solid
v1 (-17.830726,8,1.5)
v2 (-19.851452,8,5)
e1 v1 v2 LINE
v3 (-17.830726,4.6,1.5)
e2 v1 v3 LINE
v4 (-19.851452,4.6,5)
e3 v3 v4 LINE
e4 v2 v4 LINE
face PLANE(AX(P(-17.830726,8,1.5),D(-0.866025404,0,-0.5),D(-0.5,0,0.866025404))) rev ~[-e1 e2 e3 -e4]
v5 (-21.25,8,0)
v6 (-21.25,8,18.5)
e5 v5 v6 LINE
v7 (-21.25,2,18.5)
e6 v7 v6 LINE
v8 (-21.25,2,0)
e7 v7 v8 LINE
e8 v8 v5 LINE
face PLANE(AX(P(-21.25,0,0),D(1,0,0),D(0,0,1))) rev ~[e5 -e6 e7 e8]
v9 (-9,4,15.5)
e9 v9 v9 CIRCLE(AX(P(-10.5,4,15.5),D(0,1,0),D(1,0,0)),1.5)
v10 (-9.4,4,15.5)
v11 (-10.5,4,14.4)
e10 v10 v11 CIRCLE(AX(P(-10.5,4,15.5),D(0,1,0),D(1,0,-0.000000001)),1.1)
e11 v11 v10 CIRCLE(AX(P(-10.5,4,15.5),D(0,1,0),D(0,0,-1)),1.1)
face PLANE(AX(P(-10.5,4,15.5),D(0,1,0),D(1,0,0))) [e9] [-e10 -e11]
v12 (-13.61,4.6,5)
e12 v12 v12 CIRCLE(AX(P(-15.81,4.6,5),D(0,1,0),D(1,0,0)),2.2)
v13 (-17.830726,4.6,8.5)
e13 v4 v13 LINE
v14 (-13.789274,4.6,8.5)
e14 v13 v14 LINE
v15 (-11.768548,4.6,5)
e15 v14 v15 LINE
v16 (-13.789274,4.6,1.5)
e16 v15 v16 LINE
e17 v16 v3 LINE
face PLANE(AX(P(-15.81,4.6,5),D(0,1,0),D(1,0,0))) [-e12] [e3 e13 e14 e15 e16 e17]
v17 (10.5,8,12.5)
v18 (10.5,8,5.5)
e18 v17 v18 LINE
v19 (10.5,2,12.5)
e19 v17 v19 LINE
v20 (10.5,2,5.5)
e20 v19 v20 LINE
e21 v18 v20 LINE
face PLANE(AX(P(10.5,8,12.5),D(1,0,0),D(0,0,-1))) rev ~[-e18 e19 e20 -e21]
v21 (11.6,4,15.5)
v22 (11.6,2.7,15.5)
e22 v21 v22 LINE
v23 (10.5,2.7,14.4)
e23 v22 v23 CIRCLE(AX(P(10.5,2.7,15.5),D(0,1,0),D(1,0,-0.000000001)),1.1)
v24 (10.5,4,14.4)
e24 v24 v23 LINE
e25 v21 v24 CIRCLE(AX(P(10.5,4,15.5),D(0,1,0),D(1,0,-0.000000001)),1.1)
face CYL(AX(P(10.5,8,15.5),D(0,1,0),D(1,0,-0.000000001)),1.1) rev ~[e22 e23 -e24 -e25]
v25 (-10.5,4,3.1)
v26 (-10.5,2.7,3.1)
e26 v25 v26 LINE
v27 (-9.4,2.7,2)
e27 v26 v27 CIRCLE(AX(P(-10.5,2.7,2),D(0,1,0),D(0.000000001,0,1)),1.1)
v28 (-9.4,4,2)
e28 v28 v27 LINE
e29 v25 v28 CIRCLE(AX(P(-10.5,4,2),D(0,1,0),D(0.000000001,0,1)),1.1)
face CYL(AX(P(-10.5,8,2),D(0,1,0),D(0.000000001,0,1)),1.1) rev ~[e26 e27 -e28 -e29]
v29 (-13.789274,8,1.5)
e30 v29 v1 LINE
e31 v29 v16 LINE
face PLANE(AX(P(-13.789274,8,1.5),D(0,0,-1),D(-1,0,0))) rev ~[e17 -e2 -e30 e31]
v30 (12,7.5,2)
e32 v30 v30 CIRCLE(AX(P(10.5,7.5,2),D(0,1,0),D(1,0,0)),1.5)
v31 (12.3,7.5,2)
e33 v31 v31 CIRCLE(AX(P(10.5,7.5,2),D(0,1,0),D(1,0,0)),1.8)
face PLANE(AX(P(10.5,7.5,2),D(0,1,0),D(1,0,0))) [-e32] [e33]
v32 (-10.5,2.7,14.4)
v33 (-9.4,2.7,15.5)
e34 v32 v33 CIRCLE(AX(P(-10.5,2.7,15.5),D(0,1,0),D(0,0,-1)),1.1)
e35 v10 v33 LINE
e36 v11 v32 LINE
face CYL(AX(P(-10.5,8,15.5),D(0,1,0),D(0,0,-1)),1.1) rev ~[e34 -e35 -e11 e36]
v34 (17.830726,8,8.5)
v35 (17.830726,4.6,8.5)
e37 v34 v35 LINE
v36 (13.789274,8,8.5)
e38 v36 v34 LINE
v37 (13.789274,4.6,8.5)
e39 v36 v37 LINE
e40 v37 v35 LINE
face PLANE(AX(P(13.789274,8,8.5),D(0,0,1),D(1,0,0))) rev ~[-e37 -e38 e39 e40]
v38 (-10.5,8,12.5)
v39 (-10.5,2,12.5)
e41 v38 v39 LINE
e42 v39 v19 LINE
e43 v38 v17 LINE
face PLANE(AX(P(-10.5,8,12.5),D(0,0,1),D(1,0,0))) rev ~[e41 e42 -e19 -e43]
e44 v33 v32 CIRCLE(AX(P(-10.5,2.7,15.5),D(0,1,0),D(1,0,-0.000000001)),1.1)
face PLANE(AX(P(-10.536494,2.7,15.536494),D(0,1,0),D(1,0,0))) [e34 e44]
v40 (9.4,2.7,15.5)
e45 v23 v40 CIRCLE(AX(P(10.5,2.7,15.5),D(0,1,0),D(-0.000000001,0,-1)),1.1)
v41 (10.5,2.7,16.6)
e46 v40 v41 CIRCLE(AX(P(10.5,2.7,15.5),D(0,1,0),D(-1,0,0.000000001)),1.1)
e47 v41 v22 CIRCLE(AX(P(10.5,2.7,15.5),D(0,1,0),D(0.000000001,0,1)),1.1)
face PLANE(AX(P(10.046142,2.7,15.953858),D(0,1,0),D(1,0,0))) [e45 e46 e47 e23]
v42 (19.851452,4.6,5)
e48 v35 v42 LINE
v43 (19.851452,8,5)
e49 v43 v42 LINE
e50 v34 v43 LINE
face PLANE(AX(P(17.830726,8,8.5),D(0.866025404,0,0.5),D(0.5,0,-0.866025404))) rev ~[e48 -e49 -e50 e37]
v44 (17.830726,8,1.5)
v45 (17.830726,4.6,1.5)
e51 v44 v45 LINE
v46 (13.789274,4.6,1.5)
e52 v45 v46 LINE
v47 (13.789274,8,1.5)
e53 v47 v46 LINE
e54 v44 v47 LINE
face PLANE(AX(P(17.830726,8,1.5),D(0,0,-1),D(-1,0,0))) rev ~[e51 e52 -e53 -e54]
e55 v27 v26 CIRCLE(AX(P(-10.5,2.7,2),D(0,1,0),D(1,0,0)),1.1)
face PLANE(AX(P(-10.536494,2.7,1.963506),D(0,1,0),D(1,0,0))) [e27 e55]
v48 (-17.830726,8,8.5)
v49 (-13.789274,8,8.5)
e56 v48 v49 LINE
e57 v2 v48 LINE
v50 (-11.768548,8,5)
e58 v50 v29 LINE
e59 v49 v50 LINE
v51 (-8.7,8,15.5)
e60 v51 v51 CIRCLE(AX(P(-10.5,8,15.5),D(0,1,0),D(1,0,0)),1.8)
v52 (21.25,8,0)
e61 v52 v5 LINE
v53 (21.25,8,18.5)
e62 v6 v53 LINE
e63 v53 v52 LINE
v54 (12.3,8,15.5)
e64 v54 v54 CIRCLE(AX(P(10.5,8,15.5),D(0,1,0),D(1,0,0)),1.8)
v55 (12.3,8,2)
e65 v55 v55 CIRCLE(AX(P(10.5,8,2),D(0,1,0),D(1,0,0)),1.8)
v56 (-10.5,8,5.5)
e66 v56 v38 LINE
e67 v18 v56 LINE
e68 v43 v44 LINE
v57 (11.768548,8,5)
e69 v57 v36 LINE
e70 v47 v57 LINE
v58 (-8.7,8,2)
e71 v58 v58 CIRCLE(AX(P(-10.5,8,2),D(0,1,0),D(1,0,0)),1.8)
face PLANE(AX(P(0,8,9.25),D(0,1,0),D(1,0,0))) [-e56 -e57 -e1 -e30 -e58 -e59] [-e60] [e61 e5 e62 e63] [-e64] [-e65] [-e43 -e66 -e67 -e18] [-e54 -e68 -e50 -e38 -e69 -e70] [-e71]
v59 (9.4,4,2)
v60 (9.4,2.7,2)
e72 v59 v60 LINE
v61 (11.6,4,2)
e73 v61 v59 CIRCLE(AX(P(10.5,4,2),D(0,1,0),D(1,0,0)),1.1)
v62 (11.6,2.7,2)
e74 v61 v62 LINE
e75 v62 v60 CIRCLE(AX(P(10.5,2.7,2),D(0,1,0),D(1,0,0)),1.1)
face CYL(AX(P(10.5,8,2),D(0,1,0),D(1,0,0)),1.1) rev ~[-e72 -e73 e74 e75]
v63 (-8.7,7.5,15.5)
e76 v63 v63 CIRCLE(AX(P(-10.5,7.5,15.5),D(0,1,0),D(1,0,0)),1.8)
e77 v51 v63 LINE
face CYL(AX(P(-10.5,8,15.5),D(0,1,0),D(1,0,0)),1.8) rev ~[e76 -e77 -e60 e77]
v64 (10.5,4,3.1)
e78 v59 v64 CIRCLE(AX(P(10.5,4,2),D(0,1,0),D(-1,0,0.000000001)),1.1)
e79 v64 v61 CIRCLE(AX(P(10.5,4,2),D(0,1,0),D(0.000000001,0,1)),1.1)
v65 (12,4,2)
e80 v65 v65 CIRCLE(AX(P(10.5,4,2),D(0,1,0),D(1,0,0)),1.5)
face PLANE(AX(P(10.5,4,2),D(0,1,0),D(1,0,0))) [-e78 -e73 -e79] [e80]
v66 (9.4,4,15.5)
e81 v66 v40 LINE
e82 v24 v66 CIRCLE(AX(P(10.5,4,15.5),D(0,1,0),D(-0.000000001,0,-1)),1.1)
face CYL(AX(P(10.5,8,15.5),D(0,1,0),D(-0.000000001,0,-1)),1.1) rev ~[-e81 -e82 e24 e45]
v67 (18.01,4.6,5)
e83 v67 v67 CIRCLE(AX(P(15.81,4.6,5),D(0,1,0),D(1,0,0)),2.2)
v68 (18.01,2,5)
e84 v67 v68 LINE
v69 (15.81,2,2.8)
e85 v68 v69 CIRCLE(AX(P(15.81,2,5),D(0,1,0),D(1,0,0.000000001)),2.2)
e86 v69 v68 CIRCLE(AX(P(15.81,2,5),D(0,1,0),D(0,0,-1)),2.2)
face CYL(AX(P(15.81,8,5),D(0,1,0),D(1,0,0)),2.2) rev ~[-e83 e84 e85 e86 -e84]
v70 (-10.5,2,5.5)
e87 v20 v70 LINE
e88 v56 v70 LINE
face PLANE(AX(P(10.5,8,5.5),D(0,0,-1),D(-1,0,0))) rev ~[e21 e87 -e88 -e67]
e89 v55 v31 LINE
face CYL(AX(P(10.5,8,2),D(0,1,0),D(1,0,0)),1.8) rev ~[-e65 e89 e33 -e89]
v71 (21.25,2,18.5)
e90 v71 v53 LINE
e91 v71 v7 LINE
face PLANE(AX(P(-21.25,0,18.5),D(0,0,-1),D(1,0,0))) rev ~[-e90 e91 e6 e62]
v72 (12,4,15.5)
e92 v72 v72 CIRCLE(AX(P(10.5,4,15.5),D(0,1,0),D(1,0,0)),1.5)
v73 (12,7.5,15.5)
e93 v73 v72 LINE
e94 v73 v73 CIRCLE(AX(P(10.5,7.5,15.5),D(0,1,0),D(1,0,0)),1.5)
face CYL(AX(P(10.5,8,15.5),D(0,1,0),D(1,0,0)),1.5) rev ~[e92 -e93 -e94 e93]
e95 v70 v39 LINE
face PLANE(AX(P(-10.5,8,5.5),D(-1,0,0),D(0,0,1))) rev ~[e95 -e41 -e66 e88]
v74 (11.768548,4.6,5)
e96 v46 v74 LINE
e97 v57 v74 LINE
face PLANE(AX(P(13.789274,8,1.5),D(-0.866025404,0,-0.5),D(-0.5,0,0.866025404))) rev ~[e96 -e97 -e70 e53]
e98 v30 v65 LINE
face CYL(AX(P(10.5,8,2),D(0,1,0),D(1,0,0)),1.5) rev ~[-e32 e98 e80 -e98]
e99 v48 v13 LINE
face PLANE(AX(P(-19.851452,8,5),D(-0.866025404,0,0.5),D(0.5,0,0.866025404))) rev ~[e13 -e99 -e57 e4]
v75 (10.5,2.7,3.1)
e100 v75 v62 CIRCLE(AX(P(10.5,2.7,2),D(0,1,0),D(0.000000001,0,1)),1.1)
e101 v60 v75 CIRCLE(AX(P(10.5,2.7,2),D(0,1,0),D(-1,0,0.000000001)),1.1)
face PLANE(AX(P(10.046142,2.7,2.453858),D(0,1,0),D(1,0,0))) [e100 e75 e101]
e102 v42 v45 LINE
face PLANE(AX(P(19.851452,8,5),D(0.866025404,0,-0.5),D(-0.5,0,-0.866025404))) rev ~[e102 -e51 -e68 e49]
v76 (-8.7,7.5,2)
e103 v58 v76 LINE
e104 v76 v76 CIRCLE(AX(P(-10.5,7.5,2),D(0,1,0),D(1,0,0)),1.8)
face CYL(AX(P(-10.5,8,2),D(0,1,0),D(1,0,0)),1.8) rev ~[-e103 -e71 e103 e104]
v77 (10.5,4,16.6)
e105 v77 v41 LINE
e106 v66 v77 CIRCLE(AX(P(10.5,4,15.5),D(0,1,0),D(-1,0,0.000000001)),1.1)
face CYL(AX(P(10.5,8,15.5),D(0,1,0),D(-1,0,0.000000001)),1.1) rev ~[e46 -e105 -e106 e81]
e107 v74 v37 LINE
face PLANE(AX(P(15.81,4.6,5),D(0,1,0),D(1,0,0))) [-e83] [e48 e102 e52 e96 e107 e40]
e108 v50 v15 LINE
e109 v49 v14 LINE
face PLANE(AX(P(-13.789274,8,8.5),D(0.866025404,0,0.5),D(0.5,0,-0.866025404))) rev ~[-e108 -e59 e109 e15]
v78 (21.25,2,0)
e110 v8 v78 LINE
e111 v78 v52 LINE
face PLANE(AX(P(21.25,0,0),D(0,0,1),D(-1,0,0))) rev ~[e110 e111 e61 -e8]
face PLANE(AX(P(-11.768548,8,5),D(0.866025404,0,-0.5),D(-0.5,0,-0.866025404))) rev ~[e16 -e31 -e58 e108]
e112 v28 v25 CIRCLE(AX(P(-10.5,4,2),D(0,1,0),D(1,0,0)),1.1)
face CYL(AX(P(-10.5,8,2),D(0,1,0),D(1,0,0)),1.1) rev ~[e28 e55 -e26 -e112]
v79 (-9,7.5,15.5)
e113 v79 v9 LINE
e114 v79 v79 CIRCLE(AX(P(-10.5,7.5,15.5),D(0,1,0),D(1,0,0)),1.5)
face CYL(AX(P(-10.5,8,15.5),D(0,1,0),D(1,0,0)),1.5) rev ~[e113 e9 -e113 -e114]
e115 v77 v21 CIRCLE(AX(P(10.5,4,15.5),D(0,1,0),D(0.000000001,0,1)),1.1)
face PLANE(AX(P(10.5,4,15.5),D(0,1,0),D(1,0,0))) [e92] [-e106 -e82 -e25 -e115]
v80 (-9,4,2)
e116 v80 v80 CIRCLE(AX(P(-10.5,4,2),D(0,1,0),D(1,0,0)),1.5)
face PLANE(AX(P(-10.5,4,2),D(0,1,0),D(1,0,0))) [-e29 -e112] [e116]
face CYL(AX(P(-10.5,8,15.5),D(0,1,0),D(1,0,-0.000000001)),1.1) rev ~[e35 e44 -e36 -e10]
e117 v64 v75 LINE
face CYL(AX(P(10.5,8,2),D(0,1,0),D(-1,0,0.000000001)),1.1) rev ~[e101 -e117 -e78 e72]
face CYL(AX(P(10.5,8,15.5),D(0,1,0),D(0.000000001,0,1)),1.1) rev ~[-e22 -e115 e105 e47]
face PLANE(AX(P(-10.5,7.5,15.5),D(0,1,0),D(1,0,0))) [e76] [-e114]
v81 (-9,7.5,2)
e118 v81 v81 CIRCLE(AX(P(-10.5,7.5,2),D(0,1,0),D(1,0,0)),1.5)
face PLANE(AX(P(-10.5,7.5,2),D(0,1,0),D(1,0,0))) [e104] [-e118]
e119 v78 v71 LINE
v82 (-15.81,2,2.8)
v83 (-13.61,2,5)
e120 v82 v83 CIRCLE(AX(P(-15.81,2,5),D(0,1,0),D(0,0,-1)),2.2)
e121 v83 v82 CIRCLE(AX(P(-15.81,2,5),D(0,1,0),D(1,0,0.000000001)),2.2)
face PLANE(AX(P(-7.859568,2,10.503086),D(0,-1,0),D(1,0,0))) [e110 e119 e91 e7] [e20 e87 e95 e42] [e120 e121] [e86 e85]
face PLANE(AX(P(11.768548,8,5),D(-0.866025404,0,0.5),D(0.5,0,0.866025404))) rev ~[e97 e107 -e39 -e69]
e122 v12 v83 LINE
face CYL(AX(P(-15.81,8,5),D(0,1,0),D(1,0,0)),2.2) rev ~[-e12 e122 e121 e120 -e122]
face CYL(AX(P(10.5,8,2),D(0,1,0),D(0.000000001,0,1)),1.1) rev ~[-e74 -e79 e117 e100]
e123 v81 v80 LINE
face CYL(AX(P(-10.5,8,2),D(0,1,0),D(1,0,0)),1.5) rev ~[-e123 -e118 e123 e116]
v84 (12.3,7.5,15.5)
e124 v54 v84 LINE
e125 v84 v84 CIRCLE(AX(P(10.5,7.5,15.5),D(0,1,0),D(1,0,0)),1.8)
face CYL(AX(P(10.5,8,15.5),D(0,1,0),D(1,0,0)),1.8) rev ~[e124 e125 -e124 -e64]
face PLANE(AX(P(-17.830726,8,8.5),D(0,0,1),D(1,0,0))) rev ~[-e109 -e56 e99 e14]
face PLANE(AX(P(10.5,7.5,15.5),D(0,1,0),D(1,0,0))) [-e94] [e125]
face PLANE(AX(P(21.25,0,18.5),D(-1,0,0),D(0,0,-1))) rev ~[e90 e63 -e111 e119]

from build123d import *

# Parameters (mm, degrees)
BOSS_EXTRUDE1_DEPTH = 8
SKETCH2_R           = 2.2
CUT_EXTRUDE1_DEPTH  = 20
CUT_EXTRUDE2_DEPTH  = 5.3
SKETCH4_R           = 1.5
CUT_EXTRUDE3_DEPTH  = 4
SKETCH5_R           = 1.8
CUT_EXTRUDE4_DEPTH  = 0.5
CUT_EXTRUDE5_DEPTH  = 3.4
CUT_EXTRUDE6_DEPTH  = 18.4
SKETCH9_W           = 21
SKETCH9_H           = 3
CUT_EXTRUDE8_DEPTH  = 2


with BuildPart() as part:
    # Sketch1 → Boss-Extrude1 (new body)
    with BuildSketch(Plane(origin=(0, 0, 0), x_dir=(1, 0, 0), z_dir=(0, 1, 0))):
        Polygon((-21.25, -18.5), (21.25, -18.5), (21.25, 0), (15.81, 0), (-15.81, 0), (-21.25, 0), align=None)
    extrude(amount=BOSS_EXTRUDE1_DEPTH)

    # Sketch2 → Cut-Extrude1 (cut)
    with BuildSketch(Plane(origin=(0, 8, 0), x_dir=(1, 0, 0), z_dir=(0, 1, 0))):
        with Locations((-15.81, -5)):
            Circle(SKETCH2_R)
        with Locations((15.81, -5)):
            Circle(SKETCH2_R)
    extrude(amount=-CUT_EXTRUDE1_DEPTH, mode=Mode.SUBTRACT)

    # Sketch3 → Cut-Extrude2 (cut)
    with BuildSketch(Plane(origin=(0, 8, 0), x_dir=(1, 0, 0), z_dir=(0, 1, 0))):
        with BuildLine():
            ThreePointArc((-10.5, -14.4), (-11.277817459, -16.277817459), (-9.4, -15.5))
            Line((-9.4, -15.5), (-10.5, -15.5))
            Line((-10.5, -15.5), (-10.5, -14.4))
        make_face()
        with BuildLine():
            Line((-10.5, -15.5), (-9.4, -15.5))
            ThreePointArc((-9.4, -15.5), (-9.722182541, -14.722182541), (-10.5, -14.4))
            Line((-10.5, -14.4), (-10.5, -15.5))
        make_face()
        with BuildLine():
            ThreePointArc((-9.4, -2), (-11.277817459, -1.222182541), (-10.5, -3.1))
            Line((-10.5, -3.1), (-10.5, -2))
            Line((-10.5, -2), (-9.4, -2))
        make_face()
        with BuildLine():
            Line((-10.5, -2), (-10.5, -3.1))
            ThreePointArc((-10.5, -3.1), (-9.722182541, -2.777817459), (-9.4, -2))
            Line((-9.4, -2), (-10.5, -2))
        make_face()
        with BuildLine():
            ThreePointArc((9.4, -2), (9.722182541, -2.777817459), (10.5, -3.1))
            Line((10.5, -3.1), (10.5, -2))
            Line((10.5, -2), (9.4, -2))
        make_face()
        with BuildLine():
            Line((10.5, -2), (10.5, -3.1))
            ThreePointArc((10.5, -3.1), (11.277817459, -2.777817459), (11.6, -2))
            ThreePointArc((11.6, -2), (10.5, -0.9), (9.4, -2))
            Line((9.4, -2), (10.5, -2))
        make_face()
        with BuildLine():
            Line((10.5, -16.6), (10.5, -15.5))
            Line((10.5, -15.5), (9.4, -15.5))
            ThreePointArc((9.4, -15.5), (9.722182541, -16.277817459), (10.5, -16.6))
        make_face()
        with BuildLine():
            Line((10.5, -14.4), (10.5, -15.5))
            Line((10.5, -15.5), (10.5, -16.6))
            ThreePointArc((10.5, -16.6), (11.277817459, -16.277817459), (11.6, -15.5))
            ThreePointArc((11.6, -15.5), (11.277817459, -14.722182541), (10.5, -14.4))
        make_face()
        with BuildLine():
            Line((9.4, -15.5), (10.5, -15.5))
            Line((10.5, -15.5), (10.5, -14.4))
            ThreePointArc((10.5, -14.4), (9.722182541, -14.722182541), (9.4, -15.5))
        make_face()
    extrude(amount=-CUT_EXTRUDE2_DEPTH, mode=Mode.SUBTRACT)

    # Sketch4 → Cut-Extrude3 (cut)
    with BuildSketch(Plane(origin=(0, 8, 0), x_dir=(1, 0, 0), z_dir=(0, 1, 0))):
        with Locations((-10.5, -2)):
            Circle(SKETCH4_R)
        with Locations((10.5, -2)):
            Circle(SKETCH4_R)
        with Locations((-10.5, -15.5)):
            Circle(SKETCH4_R)
        with Locations((10.5, -15.5)):
            Circle(SKETCH4_R)
    extrude(amount=-CUT_EXTRUDE3_DEPTH, mode=Mode.SUBTRACT)

    # Sketch5 → Cut-Extrude4 (cut)
    with BuildSketch(Plane(origin=(0, 8, 0), x_dir=(1, 0, 0), z_dir=(0, 1, 0))):
        with Locations((-10.5, -2)):
            Circle(SKETCH5_R)
        with Locations((10.5, -2)):
            Circle(SKETCH5_R)
        with Locations((-10.5, -15.5)):
            Circle(SKETCH5_R)
        with Locations((10.5, -15.5)):
            Circle(SKETCH5_R)
    extrude(amount=-CUT_EXTRUDE4_DEPTH, mode=Mode.SUBTRACT)

    # Sketch6 → Cut-Extrude5 (cut)
    with BuildSketch(Plane(origin=(0, 8, 0), x_dir=(1, 0, 0), z_dir=(0, 1, 0))):
        Polygon((-11.768548116, -5), (-13.789274058, -1.5), (-17.830725942, -1.5), (-19.851451884, -5), (-17.830725942, -8.5), (-13.789274058, -8.5), align=None)
        Polygon((19.851451884, -5), (17.830725942, -1.5), (13.789274058, -1.5), (11.768548116, -5), (13.789274058, -8.5), (17.830725942, -8.5), align=None)
    extrude(amount=-CUT_EXTRUDE5_DEPTH, mode=Mode.SUBTRACT)

    # Sketch7 → Cut-Extrude6 (cut)
    with BuildSketch(Plane(origin=(0, 8, 0), x_dir=(1, 0, 0), z_dir=(0, 1, 0))):
        Polygon((10.5, -9), (10.5, -5.5), (-10.5, -5.5), (-10.5, -12.5), (10.5, -12.5), align=None)
    extrude(amount=-CUT_EXTRUDE6_DEPTH, mode=Mode.SUBTRACT)

    # Sketch9 → Cut-Extrude8 (cut)
    with BuildSketch(Plane.XZ):
        Polygon((-10.5, 15.5), (10.5, 15.5), (10.5, 18.5), (-21.25, 18.5), (-21.25, 0), (-15.81, 0), (0, 0), (0, 2), (-10.5, 2), (-10.5, 5.5), (-10.5, 12.5), align=None)
        with BuildLine():
            ThreePointArc((-13.61, 5), (-14.254365081, 3.444365081), (-15.81, 2.8))
            ThreePointArc((-15.81, 2.8), (-17.365634919, 6.555634919), (-13.61, 5))
        make_face(mode=Mode.SUBTRACT)
        with Locations((0, 14)):
            Rectangle(SKETCH9_W, SKETCH9_H)
        Polygon((10.5, 2), (10.5, 5.5), (-10.5, 5.5), (-10.5, 2), (0, 2), align=None)
        Polygon((10.5, 18.5), (10.5, 15.5), (10.5, 12.5), (10.5, 5.5), (10.5, 2), (0, 2), (0, 0), (15.81, 0), (21.25, 0), (21.25, 18.5), align=None)
        with BuildLine():
            ThreePointArc((18.01, 5), (17.365634919, 3.444365081), (15.81, 2.8))
            ThreePointArc((15.81, 2.8), (14.254365081, 6.555634919), (18.01, 5))
        make_face(mode=Mode.SUBTRACT)
    extrude(amount=-CUT_EXTRUDE8_DEPTH, mode=Mode.SUBTRACT)


solid = part.part
